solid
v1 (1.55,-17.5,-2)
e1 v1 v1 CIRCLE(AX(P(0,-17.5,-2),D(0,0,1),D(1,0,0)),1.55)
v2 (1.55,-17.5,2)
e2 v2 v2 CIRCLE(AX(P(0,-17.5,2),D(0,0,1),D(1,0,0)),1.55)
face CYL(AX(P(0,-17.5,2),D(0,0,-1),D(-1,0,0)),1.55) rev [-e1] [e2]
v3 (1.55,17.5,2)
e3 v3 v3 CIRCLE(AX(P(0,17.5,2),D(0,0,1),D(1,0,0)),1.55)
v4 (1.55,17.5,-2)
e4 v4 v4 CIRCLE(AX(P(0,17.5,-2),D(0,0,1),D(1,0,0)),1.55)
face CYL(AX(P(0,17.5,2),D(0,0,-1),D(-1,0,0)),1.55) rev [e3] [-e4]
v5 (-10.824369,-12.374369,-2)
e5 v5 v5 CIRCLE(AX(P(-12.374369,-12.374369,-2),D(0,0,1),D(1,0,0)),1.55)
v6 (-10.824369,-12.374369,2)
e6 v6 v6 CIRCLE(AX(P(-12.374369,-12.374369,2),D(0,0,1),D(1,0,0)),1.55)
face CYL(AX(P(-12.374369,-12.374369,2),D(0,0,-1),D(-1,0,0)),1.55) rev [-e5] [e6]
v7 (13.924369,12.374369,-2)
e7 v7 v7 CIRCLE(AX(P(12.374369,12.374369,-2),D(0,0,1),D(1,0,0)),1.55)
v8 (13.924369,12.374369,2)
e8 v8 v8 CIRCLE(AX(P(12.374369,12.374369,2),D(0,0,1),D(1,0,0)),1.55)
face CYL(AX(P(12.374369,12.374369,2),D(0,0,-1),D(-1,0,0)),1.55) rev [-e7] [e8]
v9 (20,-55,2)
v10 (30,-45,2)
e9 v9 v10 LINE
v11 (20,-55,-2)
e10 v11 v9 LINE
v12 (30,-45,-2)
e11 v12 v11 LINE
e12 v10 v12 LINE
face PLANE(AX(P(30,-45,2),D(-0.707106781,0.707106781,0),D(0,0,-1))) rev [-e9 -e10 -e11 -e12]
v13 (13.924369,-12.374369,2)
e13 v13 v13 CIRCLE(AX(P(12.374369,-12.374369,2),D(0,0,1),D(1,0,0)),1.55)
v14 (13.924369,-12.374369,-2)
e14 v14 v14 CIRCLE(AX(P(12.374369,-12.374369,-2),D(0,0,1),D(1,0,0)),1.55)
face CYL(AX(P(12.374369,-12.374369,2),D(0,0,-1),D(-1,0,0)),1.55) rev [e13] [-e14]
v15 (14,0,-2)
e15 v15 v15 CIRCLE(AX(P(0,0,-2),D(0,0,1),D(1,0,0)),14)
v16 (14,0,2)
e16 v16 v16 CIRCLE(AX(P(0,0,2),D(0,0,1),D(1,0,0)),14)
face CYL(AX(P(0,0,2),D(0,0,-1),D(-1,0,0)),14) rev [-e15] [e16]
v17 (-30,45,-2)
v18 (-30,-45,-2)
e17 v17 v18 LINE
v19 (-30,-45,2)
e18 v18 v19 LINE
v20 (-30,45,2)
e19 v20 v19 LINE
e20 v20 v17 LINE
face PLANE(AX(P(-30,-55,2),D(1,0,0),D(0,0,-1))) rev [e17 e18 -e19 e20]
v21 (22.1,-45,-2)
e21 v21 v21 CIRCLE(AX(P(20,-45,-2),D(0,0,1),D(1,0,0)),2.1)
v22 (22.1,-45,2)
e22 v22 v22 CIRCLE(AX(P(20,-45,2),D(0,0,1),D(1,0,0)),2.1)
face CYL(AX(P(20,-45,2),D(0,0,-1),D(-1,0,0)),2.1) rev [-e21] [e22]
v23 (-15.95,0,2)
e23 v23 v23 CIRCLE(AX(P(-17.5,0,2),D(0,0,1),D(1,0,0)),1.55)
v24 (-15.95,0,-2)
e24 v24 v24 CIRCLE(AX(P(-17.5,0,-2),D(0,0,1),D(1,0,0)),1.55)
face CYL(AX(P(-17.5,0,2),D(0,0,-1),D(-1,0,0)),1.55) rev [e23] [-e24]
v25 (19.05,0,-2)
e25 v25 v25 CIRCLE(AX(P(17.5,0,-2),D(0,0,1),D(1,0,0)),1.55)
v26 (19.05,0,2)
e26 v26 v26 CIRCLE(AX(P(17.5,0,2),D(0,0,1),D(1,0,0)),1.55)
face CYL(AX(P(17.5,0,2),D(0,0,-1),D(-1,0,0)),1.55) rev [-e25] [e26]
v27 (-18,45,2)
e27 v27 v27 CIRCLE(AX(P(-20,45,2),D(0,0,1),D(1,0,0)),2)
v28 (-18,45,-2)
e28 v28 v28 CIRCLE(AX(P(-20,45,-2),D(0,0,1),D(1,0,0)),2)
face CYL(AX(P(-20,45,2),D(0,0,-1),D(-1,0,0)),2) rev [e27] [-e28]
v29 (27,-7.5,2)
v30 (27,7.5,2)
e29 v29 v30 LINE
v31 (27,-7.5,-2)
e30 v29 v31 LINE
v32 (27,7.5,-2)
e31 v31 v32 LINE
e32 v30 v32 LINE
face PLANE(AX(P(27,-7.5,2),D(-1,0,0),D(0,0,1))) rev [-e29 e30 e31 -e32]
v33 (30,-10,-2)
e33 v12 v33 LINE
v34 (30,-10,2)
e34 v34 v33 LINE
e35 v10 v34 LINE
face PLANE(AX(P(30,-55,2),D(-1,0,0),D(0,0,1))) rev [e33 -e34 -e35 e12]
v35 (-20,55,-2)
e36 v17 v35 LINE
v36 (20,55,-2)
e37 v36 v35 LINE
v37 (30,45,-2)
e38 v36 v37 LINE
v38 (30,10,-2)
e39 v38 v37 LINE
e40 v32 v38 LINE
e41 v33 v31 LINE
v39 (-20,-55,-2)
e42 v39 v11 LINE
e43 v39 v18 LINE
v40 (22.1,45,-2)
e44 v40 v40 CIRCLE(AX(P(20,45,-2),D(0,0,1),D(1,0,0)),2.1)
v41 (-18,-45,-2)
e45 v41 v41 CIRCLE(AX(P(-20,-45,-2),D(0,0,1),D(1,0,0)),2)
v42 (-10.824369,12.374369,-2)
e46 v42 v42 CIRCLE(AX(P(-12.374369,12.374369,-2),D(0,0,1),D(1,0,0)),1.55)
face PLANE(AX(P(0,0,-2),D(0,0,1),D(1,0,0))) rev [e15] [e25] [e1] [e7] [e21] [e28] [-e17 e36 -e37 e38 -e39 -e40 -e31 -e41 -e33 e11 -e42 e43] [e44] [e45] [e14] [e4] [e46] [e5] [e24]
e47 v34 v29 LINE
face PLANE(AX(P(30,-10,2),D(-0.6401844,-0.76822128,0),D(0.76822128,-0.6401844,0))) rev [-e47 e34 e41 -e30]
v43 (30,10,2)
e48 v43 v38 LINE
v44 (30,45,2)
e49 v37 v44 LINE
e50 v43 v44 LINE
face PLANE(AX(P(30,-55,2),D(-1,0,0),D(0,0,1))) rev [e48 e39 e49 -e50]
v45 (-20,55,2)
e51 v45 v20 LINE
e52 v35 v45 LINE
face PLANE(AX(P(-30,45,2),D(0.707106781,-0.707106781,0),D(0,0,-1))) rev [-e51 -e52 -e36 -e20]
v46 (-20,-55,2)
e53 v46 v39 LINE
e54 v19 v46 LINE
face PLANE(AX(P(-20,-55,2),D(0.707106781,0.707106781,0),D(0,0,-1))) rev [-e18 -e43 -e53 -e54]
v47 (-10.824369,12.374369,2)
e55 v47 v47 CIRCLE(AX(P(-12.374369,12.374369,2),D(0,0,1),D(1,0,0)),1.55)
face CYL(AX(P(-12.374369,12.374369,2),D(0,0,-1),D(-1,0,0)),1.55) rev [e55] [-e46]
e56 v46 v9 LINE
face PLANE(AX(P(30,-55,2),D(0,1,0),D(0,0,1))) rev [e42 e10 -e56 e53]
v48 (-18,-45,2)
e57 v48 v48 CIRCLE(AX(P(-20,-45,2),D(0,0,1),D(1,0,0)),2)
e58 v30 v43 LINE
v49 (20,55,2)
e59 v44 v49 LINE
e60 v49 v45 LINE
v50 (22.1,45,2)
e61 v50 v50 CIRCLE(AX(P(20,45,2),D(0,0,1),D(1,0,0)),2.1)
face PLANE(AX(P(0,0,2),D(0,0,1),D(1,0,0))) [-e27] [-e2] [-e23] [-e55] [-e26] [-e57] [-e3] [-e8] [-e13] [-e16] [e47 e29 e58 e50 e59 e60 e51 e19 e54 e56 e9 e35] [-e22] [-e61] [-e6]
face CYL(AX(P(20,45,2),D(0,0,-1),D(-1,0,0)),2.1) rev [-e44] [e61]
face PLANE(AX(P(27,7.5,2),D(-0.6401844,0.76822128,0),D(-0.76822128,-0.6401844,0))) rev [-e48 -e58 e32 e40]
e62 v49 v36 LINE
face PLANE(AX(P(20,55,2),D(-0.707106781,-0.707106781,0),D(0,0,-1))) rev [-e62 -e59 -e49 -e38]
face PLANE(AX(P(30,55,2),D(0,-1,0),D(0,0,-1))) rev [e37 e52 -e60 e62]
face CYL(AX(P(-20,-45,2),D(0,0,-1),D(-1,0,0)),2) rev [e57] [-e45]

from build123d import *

# Parameters (mm, degrees)
SKETCH_1_W          = 60
SKETCH_1_H          = 110
SKETCH_1_R          = 14
SKETCH_1_R_2        = 2
SKETCH_1_R_3        = 2.1
SKETCH_1_R_4        = 1.55
EXTRUDE_1_DEPTH     = 2
CHAMFER_1_SIZE      = 10
CUT_EXTRUDE_1_DEPTH = 63.777384463


with BuildPart() as part:
    # 草图1 → 凸台-拉伸1 (new, symmetric)
    with BuildSketch(Plane.XY):
        Rectangle(SKETCH_1_W, SKETCH_1_H)
        Circle(SKETCH_1_R, mode=Mode.SUBTRACT)
        with Locations((-20, 45)):
            Circle(SKETCH_1_R_2, mode=Mode.SUBTRACT)
        with Locations((20, 45)):
            Circle(SKETCH_1_R_3, mode=Mode.SUBTRACT)
        with Locations((-20, -45)):
            Circle(SKETCH_1_R_2, mode=Mode.SUBTRACT)
        with Locations((20, -45)):
            Circle(SKETCH_1_R_3, mode=Mode.SUBTRACT)
        with Locations((0, 17.5)):
            Circle(SKETCH_1_R_4, mode=Mode.SUBTRACT)
        with Locations((12.374368671, 12.374368671)):
            Circle(SKETCH_1_R_4, mode=Mode.SUBTRACT)
        with Locations((17.5, 0)):
            Circle(SKETCH_1_R_4, mode=Mode.SUBTRACT)
        with Locations((12.374368671, -12.374368671)):
            Circle(SKETCH_1_R_4, mode=Mode.SUBTRACT)
        with Locations((0, -17.5)):
            Circle(SKETCH_1_R_4, mode=Mode.SUBTRACT)
        with Locations((-12.374368671, -12.374368671)):
            Circle(SKETCH_1_R_4, mode=Mode.SUBTRACT)
        with Locations((-17.5, 0)):
            Circle(SKETCH_1_R_4, mode=Mode.SUBTRACT)
        with Locations((-12.374368671, 12.374368671)):
            Circle(SKETCH_1_R_4, mode=Mode.SUBTRACT)
    extrude(amount=EXTRUDE_1_DEPTH, both=True)

    # 倒角1
    chamfer_1_edges = [part.edges().sort_by_distance(p)[0] for p in [
        (-30, 55, 0),
        (30, 55, 0),
        (30, -55, 0),
        (-30, -55, 0),
    ]]
    chamfer(chamfer_1_edges, length=CHAMFER_1_SIZE)

    # 草图2 → 切除-拉伸1 (cut, through all)
    with BuildSketch(Plane(origin=(0, 0, -2), x_dir=(-1, 0, 0), z_dir=(0, 0, -1))):
        Polygon((-30, -10), (-27, -7.5), (-27, 7.5), (-30, 10), align=None)
    extrude(amount=-CUT_EXTRUDE_1_DEPTH, mode=Mode.SUBTRACT)


solid = part.part
